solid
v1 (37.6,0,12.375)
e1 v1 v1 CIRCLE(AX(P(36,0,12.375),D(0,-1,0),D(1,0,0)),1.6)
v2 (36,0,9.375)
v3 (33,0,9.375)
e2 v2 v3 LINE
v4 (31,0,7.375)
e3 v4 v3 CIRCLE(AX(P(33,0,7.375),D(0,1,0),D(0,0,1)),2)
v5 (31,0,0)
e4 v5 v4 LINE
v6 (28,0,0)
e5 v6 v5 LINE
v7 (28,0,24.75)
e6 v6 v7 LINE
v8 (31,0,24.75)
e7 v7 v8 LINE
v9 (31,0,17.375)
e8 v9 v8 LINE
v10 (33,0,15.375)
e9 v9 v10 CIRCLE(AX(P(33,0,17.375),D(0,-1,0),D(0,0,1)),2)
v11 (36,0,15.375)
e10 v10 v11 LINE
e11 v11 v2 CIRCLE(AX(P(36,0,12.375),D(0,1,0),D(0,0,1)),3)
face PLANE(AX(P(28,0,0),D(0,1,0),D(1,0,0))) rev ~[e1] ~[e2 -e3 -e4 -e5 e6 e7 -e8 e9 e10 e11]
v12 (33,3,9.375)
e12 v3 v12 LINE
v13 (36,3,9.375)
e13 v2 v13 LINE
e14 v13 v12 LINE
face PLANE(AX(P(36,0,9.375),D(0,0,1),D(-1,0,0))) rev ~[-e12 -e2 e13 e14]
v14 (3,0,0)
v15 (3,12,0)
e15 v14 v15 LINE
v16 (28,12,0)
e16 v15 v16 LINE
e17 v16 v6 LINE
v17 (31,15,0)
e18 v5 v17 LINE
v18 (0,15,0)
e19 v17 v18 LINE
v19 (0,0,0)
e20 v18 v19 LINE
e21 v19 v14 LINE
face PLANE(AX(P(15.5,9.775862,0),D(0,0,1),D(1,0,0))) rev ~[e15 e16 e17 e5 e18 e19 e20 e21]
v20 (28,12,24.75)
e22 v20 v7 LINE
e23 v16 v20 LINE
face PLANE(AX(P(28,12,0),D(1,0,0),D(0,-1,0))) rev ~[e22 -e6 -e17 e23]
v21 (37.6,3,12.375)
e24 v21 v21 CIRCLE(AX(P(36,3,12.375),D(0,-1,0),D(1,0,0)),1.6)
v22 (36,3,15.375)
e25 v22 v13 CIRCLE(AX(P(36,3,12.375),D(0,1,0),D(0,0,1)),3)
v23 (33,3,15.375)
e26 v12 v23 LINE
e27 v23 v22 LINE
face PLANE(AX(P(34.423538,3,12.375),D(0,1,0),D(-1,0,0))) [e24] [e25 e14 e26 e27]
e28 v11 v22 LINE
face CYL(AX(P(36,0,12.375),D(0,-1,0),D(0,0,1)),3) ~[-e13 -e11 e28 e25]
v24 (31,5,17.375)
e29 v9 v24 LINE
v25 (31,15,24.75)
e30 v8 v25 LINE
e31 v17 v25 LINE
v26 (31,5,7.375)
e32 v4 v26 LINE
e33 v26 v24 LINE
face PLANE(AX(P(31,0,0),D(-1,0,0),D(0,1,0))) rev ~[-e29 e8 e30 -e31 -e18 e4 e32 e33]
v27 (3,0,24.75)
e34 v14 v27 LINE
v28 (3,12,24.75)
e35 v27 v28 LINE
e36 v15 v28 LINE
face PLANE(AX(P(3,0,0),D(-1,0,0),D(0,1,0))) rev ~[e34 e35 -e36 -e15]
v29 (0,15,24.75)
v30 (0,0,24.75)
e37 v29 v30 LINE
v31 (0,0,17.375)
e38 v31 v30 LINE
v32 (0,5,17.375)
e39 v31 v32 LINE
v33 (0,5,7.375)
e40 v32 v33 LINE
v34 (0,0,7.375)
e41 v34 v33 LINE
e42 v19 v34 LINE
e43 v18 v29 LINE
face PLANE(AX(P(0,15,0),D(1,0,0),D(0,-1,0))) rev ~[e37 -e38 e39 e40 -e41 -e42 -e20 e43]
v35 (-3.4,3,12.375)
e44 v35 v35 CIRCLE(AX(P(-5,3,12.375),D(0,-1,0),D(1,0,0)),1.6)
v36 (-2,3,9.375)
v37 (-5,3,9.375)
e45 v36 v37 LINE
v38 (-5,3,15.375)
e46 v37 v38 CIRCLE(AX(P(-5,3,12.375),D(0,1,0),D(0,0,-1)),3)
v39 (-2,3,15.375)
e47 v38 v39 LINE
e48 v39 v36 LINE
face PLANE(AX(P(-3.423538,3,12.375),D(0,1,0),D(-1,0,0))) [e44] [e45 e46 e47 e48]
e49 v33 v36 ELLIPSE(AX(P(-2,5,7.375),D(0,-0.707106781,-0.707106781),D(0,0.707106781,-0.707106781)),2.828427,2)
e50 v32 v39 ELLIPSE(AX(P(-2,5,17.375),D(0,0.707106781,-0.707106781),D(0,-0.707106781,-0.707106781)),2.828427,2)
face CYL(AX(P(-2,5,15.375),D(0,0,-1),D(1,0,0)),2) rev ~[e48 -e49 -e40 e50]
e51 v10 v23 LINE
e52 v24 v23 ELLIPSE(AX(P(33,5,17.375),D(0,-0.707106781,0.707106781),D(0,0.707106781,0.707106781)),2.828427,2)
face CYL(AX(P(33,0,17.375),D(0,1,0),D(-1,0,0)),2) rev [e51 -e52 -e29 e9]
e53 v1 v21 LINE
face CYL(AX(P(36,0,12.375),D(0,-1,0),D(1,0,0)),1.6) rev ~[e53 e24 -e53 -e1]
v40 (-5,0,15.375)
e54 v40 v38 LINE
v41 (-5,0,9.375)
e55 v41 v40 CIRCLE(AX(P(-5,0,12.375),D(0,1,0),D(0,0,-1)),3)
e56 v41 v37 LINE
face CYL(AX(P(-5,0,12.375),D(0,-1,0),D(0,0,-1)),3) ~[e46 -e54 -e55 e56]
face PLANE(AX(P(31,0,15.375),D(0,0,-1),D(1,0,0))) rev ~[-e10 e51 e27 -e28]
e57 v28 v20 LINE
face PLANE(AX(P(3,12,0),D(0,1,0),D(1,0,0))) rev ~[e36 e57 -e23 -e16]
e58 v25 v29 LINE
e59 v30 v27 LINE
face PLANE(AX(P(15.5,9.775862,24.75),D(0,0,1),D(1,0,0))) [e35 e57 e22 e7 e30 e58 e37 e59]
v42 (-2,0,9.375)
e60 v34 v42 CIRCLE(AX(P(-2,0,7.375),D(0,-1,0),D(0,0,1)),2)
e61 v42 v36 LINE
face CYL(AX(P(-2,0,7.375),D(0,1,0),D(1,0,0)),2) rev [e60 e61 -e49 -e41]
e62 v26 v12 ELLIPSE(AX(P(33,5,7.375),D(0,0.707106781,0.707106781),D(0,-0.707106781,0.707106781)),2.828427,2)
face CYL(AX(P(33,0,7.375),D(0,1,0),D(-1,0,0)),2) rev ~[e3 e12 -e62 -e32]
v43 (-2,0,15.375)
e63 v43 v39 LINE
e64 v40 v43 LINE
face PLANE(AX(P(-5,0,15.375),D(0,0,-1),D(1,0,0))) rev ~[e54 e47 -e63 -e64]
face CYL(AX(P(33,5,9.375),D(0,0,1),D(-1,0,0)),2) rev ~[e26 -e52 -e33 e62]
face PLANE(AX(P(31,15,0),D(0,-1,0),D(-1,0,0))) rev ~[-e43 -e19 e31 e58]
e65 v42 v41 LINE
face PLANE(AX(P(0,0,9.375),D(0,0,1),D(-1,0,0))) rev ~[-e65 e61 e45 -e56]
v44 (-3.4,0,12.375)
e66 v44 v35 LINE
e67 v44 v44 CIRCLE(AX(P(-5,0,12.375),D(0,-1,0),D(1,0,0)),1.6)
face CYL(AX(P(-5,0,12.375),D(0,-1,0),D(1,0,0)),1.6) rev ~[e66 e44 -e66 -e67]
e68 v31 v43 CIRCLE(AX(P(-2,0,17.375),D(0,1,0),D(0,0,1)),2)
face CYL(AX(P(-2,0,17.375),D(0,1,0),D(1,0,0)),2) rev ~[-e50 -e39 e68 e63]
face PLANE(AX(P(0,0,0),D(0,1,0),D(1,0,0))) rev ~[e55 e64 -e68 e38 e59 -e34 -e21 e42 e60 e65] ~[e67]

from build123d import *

# Parameters (mm, degrees)
EXTRUDE_1_DEPTH = 24.75
SKETCH_2_R      = 1.6
EXTRUDE_2_DEPTH = 3
FILLET_1_R      = 2
FILLET_2_R      = 2


with BuildPart() as part:
    # 草图1 → 凸台-拉伸1 (new body)
    with BuildSketch(Plane.XY):
        Polygon((0, 0), (3, 0), (3, 12), (28, 12), (28, 0), (31, 0), (31, 15), (0, 15), align=None)
    extrude(amount=EXTRUDE_1_DEPTH)

    # 草图2 → 凸台-拉伸2 (add)
    with BuildSketch(Plane.XZ):
        with BuildLine():
            Line((36, 9.375), (31, 9.375))
            Line((31, 9.375), (31, 15.375))
            Line((31, 15.375), (36, 15.375))
            ThreePointArc((36, 15.375), (39, 12.375), (36, 9.375))
        make_face()
        with Locations((36, 12.375)):
            Circle(SKETCH_2_R, mode=Mode.SUBTRACT)
        with BuildLine():
            Line((0, 15.375), (0, 9.375))
            Line((0, 9.375), (-5, 9.375))
            ThreePointArc((-5, 9.375), (-8, 12.375), (-5, 15.375))
            Line((-5, 15.375), (0, 15.375))
        make_face()
        with Locations((-5, 12.375)):
            Circle(SKETCH_2_R, mode=Mode.SUBTRACT)
    extrude(amount=-EXTRUDE_2_DEPTH)

    # 圆角1
    fillet_1_edges = [part.edges().sort_by_distance(p)[0] for p in [
        (31, 3, 12.375),
        (31, 1.5, 9.375),
        (31, 1.5, 15.375),
    ]]
    fillet(fillet_1_edges, radius=FILLET_1_R)

    # 圆角2
    fillet_2_edges = [part.edges().sort_by_distance(p)[0] for p in [
        (0, 3, 12.375),
        (0, 1.5, 15.375),
        (0, 1.5, 9.375),
    ]]
    fillet(fillet_2_edges, radius=FILLET_2_R)


solid = part.part
